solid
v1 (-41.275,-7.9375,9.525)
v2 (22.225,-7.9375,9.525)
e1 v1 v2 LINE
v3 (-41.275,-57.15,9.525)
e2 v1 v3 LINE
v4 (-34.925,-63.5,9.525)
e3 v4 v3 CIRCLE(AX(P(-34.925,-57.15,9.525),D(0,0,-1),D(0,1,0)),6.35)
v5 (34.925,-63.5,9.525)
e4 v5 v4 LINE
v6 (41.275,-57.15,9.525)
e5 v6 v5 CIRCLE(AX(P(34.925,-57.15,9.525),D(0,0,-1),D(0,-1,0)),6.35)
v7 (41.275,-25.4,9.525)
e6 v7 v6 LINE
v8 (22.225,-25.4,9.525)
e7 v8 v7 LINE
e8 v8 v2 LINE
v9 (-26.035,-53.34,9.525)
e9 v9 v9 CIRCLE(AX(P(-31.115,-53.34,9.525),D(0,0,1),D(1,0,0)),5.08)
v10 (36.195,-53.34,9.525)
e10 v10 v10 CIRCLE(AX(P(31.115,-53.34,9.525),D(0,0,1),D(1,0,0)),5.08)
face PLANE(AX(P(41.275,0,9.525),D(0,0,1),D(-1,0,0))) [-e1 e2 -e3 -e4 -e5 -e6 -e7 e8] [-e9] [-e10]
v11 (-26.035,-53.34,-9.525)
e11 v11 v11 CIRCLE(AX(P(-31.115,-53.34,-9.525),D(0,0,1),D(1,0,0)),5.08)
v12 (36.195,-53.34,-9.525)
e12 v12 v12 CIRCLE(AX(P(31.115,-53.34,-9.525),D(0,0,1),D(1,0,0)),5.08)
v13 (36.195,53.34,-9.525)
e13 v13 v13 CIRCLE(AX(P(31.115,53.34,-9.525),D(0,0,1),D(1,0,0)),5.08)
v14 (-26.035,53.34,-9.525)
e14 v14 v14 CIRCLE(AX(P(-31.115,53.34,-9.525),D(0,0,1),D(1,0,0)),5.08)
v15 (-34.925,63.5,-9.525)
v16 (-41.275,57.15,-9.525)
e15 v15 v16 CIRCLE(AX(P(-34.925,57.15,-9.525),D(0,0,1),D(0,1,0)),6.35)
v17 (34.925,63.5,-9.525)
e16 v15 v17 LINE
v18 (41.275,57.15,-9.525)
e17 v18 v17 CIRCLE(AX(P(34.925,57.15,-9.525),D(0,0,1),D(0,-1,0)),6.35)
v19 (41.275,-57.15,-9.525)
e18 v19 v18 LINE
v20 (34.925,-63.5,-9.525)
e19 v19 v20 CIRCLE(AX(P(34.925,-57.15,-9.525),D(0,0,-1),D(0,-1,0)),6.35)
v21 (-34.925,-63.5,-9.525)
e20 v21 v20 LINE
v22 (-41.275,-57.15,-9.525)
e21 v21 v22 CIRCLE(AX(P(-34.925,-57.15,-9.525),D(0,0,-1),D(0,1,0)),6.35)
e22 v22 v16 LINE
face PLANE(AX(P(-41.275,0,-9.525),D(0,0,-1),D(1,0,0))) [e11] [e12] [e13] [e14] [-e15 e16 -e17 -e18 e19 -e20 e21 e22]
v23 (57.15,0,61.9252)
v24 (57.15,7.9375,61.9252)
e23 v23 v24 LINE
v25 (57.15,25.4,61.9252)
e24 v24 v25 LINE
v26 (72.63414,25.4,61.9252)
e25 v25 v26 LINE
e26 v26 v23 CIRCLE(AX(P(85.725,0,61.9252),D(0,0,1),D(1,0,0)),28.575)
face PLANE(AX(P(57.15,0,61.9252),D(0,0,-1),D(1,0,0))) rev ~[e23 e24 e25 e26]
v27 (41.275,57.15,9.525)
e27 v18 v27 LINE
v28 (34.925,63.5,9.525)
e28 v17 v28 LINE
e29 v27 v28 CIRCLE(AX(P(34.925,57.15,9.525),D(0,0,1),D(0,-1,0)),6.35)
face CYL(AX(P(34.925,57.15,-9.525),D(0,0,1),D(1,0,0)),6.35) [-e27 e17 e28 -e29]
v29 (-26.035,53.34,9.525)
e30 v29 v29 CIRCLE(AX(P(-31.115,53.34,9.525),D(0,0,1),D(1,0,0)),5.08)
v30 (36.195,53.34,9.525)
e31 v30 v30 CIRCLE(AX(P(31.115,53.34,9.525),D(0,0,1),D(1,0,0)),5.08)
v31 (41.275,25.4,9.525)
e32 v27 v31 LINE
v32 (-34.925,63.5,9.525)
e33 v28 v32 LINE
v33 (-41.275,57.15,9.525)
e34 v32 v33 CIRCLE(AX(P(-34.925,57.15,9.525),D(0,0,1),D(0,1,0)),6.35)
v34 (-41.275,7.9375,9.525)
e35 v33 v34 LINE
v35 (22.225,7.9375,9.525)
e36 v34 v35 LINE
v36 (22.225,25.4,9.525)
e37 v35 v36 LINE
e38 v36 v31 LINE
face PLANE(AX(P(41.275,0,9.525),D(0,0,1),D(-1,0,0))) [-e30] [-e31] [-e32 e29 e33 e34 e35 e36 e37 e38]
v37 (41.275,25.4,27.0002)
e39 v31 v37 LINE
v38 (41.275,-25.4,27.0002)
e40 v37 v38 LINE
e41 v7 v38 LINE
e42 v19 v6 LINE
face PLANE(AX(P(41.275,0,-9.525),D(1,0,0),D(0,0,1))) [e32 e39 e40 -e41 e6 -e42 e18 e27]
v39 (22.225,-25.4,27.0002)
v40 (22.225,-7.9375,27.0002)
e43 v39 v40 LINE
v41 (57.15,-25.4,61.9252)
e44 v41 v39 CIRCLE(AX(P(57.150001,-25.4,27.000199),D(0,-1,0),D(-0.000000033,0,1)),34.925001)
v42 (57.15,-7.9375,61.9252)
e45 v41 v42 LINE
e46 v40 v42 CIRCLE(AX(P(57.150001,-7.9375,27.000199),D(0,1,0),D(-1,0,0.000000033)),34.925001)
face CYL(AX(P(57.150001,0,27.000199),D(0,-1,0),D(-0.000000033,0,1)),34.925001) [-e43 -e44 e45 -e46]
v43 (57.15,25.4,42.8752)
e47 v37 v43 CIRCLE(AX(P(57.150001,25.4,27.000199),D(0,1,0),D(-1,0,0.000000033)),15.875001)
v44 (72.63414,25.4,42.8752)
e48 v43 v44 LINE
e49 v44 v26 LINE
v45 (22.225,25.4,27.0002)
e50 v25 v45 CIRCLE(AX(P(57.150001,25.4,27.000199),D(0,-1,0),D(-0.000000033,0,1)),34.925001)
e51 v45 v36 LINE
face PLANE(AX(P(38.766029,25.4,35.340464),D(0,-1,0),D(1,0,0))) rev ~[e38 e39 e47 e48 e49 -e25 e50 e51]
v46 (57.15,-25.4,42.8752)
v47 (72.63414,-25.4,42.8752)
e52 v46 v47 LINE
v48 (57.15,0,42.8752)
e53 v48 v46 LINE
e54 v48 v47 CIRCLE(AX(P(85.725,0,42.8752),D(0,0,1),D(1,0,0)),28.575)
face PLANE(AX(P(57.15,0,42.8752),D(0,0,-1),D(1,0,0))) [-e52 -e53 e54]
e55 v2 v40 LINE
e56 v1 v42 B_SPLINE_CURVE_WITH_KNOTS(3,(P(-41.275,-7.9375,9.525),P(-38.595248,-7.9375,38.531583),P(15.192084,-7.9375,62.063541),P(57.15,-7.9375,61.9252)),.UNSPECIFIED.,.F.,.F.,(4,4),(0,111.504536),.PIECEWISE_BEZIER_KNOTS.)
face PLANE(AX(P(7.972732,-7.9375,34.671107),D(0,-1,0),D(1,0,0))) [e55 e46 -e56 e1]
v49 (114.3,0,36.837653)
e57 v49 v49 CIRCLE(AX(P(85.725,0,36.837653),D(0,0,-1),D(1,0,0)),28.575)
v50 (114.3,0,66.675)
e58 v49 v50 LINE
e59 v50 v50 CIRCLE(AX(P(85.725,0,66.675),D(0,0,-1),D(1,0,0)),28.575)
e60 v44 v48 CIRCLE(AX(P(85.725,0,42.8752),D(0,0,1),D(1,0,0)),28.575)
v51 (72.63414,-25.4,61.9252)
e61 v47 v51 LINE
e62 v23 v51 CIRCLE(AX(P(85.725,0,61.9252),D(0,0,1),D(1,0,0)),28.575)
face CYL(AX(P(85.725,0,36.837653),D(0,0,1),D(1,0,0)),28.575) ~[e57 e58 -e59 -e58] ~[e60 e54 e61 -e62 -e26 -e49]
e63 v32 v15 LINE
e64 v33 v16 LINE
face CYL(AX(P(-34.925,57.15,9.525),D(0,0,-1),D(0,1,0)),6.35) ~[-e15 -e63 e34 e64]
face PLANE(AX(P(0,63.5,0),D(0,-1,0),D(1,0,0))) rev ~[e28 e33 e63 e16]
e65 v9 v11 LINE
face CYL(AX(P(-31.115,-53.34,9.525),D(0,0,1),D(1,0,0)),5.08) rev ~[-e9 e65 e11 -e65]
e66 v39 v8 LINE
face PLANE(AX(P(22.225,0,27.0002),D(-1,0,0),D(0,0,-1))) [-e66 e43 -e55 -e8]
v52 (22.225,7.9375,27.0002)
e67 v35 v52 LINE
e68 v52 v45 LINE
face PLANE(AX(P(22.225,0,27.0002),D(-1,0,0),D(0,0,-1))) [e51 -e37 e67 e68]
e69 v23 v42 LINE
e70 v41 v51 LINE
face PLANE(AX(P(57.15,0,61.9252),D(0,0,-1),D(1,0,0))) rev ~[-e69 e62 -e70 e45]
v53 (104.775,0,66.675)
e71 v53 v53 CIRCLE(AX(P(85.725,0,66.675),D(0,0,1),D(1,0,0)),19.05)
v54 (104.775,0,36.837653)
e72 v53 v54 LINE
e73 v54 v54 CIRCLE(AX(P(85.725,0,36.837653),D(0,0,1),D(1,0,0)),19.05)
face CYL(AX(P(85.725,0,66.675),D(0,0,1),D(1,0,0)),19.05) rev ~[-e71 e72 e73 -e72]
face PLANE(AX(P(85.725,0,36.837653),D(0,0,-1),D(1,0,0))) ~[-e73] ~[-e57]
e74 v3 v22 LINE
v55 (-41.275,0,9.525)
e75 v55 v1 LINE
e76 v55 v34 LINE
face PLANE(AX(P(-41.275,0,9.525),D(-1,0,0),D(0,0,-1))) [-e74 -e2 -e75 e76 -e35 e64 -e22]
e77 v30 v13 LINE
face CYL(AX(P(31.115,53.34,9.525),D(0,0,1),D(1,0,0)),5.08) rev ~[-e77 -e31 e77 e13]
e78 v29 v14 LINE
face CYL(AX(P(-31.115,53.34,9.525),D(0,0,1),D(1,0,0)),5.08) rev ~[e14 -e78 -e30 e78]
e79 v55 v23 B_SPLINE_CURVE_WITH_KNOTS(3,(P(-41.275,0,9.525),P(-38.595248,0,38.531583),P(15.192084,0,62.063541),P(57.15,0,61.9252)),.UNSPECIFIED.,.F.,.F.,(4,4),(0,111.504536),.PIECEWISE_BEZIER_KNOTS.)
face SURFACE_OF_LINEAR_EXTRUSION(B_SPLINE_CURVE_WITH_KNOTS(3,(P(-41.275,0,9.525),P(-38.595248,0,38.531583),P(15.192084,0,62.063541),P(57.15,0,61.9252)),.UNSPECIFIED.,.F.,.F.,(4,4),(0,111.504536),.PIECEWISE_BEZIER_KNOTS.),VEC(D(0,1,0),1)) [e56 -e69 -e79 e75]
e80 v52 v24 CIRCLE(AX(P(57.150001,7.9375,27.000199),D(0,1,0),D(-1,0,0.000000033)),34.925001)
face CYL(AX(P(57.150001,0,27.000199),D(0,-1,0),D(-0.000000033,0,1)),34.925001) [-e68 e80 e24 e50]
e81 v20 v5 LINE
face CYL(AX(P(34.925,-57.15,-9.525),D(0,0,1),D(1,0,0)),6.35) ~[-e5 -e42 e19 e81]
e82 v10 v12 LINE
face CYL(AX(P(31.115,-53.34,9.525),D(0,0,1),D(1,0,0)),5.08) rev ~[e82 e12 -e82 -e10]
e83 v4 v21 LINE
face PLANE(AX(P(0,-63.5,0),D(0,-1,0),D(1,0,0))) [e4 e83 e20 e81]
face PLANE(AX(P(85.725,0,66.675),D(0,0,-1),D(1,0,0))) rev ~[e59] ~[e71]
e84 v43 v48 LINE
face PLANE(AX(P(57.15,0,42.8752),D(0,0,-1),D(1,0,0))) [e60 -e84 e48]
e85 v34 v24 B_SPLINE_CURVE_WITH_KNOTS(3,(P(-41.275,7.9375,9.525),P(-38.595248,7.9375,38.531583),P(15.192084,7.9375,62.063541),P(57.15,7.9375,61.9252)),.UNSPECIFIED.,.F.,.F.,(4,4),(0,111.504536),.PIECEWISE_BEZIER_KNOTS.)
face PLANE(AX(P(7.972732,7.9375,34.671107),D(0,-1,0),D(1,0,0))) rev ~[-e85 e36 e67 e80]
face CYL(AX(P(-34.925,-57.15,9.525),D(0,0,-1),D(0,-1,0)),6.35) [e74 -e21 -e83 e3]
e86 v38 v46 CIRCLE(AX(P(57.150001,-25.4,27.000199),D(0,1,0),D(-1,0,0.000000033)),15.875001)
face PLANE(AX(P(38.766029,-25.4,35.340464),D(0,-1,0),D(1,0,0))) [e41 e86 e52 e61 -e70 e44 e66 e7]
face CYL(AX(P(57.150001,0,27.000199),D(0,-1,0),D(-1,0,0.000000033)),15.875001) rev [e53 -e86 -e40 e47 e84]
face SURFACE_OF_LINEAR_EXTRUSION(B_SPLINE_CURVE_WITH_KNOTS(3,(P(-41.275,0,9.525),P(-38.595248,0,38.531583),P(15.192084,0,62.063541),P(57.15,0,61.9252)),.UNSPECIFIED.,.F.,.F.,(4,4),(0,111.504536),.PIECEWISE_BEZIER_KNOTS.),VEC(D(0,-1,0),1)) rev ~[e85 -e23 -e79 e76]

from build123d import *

# Parameters (mm, degrees)
F1_DEPTH = 63.5
F0_W     = 28.575
F0_H     = 19.05
F2_DEPTH = 25.4
F3_DEPTH = 7.9375
F5_R     = 6.35
F6_R     = 5.08
F7_DEPTH = 25.4
F8_R     = 19.05
F9_DEPTH = 36.83


with BuildPart() as f1:
    # F0 (on Front) → F1 (new body, symmetric)
    with BuildSketch(Plane.XZ):
        Polygon((41.275, -9.525), (41.275, 9.525), (22.225, 9.525), (-41.275, 9.525), (-41.275, -9.525), align=None)
    extrude(amount=F1_DEPTH, both=True)

    # F0 (on Front) → F2 (join, symmetric)
    with BuildSketch(Plane.XZ):
        with BuildLine():
            Line((22.225, 9.525), (41.275, 9.525))
            Line((41.275, 9.525), (41.275, 27.0002))
            ThreePointArc((41.275, 27.0002), (45.92468, 38.22552), (57.15, 42.8752))
            Line((57.15, 42.8752), (57.15, 61.9252))
            ThreePointArc((57.15, 61.9252), (32.454296, 51.695904), (22.225, 27.0002))
            Line((22.225, 27.0002), (22.225, 9.525))
        make_face()
        with Locations((71.4375, 52.4002)):
            Rectangle(F0_W, F0_H)
    extrude(amount=F2_DEPTH, both=True)

    # F0 (on Front) → F3 (join, symmetric)
    with BuildSketch(Plane.XZ):
        with BuildLine():
            Line((-41.275, 9.525), (22.225, 9.525))
            Line((22.225, 9.525), (22.225, 27.0002))
            ThreePointArc((22.225, 27.0002), (32.454296, 51.695904), (57.15, 61.9252))
            add(Edge.make_bspline(
                [(-41.275, 9.525), (-38.595248, 38.531583), (15.192084, 62.063541), (57.15, 61.9252)],
                knots=[0, 0, 0, 0, 111.504536, 111.504536, 111.504536, 111.504536], degree=3))
        make_face()
    extrude(amount=F3_DEPTH, both=True)

    # F0 (on Front) → F4 (revolve)
    with BuildSketch(Plane.XZ):
        Polygon((85.725, 61.9252), (85.725, 42.8752), (85.725, 36.837653), (114.3, 36.837653), (114.3, 66.675), (85.725, 66.675), align=None)
    revolve(axis=Axis((85.725, 0, 52.4002), (0, 0, -1)))

    # F5
    f5_edges = [f1.edges().sort_by_distance(p)[0] for p in [
        (-41.275, -63.5, 0),
        (41.275, -63.5, 0),
        (-41.275, 63.5, 0),
        (41.275, 63.5, 0),
    ]]
    fillet(f5_edges, radius=F5_R)

    # F6 (on face) → F7 (cut)
    with BuildSketch(Plane.XY.offset(9.525)):
        with Locations((-31.115, 53.34)):
            Circle(F6_R)
        with Locations((31.115, 53.34)):
            Circle(F6_R)
        with Locations((-31.115, -53.34)):
            Circle(F6_R)
        with Locations((31.115, -53.34)):
            Circle(F6_R)
    extrude(amount=-F7_DEPTH, mode=Mode.SUBTRACT)

    # F8 (on face) → F9 (cut)
    with BuildSketch(Plane.XY.offset(66.675)):
        with Locations((85.725, 0)):
            Circle(F8_R)
    extrude(amount=-F9_DEPTH, mode=Mode.SUBTRACT)


solid = f1.part
